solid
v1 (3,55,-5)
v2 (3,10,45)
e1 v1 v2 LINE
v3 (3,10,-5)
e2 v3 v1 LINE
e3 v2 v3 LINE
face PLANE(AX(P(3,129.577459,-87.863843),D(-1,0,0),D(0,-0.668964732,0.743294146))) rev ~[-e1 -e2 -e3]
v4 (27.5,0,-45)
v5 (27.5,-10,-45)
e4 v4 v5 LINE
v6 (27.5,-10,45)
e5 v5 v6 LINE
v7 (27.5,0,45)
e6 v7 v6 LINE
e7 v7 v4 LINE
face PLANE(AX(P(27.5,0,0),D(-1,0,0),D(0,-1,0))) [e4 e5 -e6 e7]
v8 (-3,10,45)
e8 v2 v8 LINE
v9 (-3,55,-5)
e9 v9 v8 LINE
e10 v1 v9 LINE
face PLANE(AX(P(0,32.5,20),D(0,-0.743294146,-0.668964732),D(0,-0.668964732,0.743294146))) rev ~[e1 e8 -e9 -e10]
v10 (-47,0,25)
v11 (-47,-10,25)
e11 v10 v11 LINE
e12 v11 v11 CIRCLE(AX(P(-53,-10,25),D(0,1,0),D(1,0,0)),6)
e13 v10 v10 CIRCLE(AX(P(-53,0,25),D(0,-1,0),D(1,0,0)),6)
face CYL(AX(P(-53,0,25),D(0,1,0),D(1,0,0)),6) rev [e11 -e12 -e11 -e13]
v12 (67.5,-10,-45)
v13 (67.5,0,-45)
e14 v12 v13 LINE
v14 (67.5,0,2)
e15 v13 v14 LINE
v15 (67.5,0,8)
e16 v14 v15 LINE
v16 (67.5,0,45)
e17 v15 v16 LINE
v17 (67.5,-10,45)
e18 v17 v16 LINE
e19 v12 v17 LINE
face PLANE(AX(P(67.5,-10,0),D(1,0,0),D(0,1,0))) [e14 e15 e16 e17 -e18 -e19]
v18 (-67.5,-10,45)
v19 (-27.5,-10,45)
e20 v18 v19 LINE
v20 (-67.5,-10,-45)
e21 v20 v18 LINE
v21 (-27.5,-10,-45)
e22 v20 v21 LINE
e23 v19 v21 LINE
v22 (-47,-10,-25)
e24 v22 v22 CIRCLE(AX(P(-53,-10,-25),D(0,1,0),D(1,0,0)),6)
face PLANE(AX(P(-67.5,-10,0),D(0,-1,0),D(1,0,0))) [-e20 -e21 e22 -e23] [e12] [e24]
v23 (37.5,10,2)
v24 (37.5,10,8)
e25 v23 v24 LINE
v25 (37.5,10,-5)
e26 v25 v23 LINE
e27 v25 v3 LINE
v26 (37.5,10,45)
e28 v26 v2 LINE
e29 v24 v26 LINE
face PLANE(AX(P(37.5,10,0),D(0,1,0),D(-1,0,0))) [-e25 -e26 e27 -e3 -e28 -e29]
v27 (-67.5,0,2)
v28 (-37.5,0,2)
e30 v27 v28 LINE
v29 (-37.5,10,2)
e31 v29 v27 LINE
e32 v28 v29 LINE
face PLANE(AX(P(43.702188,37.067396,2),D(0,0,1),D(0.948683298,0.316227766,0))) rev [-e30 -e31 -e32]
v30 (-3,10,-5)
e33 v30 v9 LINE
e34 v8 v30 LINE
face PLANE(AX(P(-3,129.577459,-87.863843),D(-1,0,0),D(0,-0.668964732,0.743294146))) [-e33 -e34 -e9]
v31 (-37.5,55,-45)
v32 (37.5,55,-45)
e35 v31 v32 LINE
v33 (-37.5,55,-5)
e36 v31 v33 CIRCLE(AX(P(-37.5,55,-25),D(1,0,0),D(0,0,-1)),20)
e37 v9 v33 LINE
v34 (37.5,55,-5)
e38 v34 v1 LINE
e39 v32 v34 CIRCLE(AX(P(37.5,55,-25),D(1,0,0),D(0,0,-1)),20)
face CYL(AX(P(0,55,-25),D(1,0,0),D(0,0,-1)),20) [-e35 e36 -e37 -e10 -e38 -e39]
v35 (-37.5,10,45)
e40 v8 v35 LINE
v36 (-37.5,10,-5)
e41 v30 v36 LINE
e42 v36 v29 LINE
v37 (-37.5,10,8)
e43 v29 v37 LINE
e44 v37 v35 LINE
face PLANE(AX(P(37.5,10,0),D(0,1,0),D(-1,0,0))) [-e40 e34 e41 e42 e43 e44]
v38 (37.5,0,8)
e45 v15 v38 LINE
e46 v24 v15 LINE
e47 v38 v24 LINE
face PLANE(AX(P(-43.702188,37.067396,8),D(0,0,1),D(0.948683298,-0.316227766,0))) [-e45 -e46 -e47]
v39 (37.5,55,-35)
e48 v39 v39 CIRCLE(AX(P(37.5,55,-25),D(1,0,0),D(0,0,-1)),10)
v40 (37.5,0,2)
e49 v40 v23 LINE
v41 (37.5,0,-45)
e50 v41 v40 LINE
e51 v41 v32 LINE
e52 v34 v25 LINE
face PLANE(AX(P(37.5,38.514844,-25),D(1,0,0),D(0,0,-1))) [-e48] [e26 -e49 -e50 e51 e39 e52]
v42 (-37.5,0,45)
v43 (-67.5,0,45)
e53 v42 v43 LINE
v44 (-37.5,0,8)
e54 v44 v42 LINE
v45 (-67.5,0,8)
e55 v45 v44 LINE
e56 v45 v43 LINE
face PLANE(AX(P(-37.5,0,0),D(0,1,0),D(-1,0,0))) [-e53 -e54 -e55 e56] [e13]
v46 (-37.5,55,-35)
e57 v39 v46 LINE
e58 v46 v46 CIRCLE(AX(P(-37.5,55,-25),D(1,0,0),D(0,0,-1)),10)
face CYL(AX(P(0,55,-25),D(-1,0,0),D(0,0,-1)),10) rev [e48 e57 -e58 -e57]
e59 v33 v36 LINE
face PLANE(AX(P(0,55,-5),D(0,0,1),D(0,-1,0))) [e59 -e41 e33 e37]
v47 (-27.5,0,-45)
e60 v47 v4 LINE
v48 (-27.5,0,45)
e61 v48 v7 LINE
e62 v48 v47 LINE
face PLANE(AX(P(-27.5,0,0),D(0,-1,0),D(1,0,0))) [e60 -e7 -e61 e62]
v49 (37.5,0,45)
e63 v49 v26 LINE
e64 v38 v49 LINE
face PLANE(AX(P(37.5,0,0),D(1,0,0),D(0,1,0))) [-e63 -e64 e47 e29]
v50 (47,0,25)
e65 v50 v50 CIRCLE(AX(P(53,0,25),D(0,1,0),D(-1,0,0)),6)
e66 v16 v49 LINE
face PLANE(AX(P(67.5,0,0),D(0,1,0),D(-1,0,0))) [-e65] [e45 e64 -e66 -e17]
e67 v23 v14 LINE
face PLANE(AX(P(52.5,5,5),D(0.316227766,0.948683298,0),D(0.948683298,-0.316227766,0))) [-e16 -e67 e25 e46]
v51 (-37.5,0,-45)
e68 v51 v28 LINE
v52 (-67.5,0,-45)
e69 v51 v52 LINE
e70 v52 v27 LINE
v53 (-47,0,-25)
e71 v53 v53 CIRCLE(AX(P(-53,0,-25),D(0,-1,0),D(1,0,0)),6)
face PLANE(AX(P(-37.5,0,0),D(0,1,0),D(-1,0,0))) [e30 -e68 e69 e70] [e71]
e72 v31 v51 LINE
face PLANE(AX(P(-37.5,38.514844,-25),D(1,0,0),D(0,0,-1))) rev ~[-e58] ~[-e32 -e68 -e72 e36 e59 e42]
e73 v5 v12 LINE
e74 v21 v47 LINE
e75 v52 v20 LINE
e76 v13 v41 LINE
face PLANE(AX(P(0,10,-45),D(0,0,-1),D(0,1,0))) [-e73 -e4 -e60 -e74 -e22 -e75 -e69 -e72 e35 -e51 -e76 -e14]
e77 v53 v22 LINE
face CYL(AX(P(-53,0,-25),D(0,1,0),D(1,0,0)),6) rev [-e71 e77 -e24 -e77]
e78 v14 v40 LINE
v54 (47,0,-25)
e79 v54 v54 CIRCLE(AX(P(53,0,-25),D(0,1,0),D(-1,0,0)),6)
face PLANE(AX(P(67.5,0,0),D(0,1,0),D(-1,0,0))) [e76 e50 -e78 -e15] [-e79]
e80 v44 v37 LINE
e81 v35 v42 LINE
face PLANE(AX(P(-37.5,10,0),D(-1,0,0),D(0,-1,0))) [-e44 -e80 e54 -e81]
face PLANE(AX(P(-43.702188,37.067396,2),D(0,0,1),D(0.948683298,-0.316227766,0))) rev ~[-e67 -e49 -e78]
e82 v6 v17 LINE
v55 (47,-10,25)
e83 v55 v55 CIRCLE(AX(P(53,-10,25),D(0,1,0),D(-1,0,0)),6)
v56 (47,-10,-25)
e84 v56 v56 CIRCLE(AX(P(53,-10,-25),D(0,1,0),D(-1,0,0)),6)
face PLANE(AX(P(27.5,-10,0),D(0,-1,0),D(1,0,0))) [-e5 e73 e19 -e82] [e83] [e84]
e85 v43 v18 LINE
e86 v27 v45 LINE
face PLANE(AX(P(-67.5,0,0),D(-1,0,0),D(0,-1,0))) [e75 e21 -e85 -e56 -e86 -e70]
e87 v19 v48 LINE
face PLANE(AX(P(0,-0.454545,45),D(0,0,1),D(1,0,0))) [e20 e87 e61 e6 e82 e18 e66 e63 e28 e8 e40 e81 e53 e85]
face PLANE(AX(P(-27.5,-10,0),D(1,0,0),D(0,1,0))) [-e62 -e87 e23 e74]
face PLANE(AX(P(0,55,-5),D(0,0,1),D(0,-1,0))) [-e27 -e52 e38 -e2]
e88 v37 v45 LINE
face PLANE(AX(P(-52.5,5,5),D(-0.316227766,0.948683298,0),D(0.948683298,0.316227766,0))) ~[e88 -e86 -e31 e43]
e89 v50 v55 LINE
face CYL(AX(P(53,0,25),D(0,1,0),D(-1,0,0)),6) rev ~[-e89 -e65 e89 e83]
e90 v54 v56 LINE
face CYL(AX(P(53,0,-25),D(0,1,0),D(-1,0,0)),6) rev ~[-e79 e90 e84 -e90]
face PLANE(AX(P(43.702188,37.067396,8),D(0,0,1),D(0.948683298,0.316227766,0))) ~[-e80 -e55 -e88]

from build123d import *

# Parameters (mm, degrees)
BOSS_EXTRUDE1_DEPTH = 45
RIB1_REACH          = 86.595
SKETCH3_WALL_W      = 202.812019758
SKETCH3_WALL_H      = 6
SKETCH5_R           = 6
CUT_EXTRUDE1_DEPTH  = 90
SKETCH6_R           = 6
CUT_EXTRUDE2_DEPTH  = 90
SKETCH7_R           = 10
BOSS_EXTRUDE2_DEPTH = 37.5
RIB2_REACH          = 112.482
SKETCH8_WALL_W      = 290.231918176
SKETCH8_WALL_H      = 6


with BuildPart() as part:
    # Sketch1 → Boss-Extrude1 (new, symmetric)
    with BuildSketch(Plane.XY):
        Polygon((0, 0), (27.5, 0), (27.5, -10), (67.5, -10), (67.5, 0), (37.5, 0), (37.5, 10), (-37.5, 10), (-37.5, 0), (-67.5, 0), (-67.5, -10), (-27.5, -10), (-27.5, 0), align=None)
    extrude(amount=BOSS_EXTRUDE1_DEPTH, both=True)

    # Sketch3 wall → Rib1 (add, up to next)
    with BuildSketch(Plane(origin=(52.5, 5, 5), x_dir=(0.948683298051, -0.316227766017, 0), z_dir=(0.316227766017, 0.948683298051, 0)), mode=Mode.PRIVATE) as rib1_sk1:
        Rectangle(SKETCH3_WALL_W, SKETCH3_WALL_H)
    rib1_tool1 = extrude(rib1_sk1.sketch, amount=-RIB1_REACH, mode=Mode.PRIVATE) - part.part
    rib1 = rib1_tool1.solids().sort_by_distance((52.5, 5, 5))[0]
    add(rib1)

    # Mirror1: Rib1 across plane
    add(rib1.mirror(Plane(origin=(0, 0, 0), x_dir=(0, 0, 1), z_dir=(1, 0, 0))))

    # Sketch5 → Cut-Extrude1 (cut)
    with BuildSketch(Plane(origin=(0, 0, 0), x_dir=(1, 0, 0), z_dir=(0, 1, 0))):
        with Locations(Location((53, -25, 0), (0, 0, 180))):
            Circle(SKETCH5_R)
    cut_extrude1 = extrude(amount=-CUT_EXTRUDE1_DEPTH, mode=Mode.SUBTRACT)

    # Mirror2: Cut-Extrude1 across plane
    add(cut_extrude1.mirror(Plane(origin=(0, 0, 0), x_dir=(0, 0, 1), z_dir=(1, 0, 0))), mode=Mode.SUBTRACT)

    # Sketch6 → Cut-Extrude2 (cut)
    with BuildSketch(Plane(origin=(0, 0, 0), x_dir=(1, 0, 0), z_dir=(0, 1, 0))):
        with Locations(Location((53, 25, 0), (0, 0, 180))):
            Circle(SKETCH6_R)
    cut_extrude2 = extrude(amount=-CUT_EXTRUDE2_DEPTH, mode=Mode.SUBTRACT)

    # Mirror3: Cut-Extrude2 across plane
    add(cut_extrude2.mirror(Plane(origin=(0, 0, 0), x_dir=(0, 0, 1), z_dir=(1, 0, 0))), mode=Mode.SUBTRACT)

    # Sketch7 → Boss-Extrude2 (add, symmetric)
    with BuildSketch(Plane(origin=(0, 0, 0), x_dir=(0, 0, -1), z_dir=(1, 0, 0))):
        with BuildLine():
            Line((5, 10), (45, 10))
            Line((45, 10), (45, 55))
            ThreePointArc((45, 55), (25, 75), (5, 55))
            Line((5, 55), (5, 10))
        make_face()
        with Locations((25, 55)):
            Circle(SKETCH7_R, mode=Mode.SUBTRACT)
    extrude(amount=BOSS_EXTRUDE2_DEPTH, both=True)

    # Sketch8 wall → Rib2 (add, up to next)
    with BuildSketch(Plane(origin=(0, 32.5, 20), x_dir=(0, -0.668964731622, 0.743294146247), z_dir=(0, -0.743294146247, -0.668964731622)), mode=Mode.PRIVATE) as rib2_sk1:
        Rectangle(SKETCH8_WALL_W, SKETCH8_WALL_H)
    rib2_tool1 = extrude(rib2_sk1.sketch, amount=RIB2_REACH, mode=Mode.PRIVATE) - part.part
    add(rib2_tool1.solids().sort_by_distance((0, 32.5, 20))[0])


solid = part.part
